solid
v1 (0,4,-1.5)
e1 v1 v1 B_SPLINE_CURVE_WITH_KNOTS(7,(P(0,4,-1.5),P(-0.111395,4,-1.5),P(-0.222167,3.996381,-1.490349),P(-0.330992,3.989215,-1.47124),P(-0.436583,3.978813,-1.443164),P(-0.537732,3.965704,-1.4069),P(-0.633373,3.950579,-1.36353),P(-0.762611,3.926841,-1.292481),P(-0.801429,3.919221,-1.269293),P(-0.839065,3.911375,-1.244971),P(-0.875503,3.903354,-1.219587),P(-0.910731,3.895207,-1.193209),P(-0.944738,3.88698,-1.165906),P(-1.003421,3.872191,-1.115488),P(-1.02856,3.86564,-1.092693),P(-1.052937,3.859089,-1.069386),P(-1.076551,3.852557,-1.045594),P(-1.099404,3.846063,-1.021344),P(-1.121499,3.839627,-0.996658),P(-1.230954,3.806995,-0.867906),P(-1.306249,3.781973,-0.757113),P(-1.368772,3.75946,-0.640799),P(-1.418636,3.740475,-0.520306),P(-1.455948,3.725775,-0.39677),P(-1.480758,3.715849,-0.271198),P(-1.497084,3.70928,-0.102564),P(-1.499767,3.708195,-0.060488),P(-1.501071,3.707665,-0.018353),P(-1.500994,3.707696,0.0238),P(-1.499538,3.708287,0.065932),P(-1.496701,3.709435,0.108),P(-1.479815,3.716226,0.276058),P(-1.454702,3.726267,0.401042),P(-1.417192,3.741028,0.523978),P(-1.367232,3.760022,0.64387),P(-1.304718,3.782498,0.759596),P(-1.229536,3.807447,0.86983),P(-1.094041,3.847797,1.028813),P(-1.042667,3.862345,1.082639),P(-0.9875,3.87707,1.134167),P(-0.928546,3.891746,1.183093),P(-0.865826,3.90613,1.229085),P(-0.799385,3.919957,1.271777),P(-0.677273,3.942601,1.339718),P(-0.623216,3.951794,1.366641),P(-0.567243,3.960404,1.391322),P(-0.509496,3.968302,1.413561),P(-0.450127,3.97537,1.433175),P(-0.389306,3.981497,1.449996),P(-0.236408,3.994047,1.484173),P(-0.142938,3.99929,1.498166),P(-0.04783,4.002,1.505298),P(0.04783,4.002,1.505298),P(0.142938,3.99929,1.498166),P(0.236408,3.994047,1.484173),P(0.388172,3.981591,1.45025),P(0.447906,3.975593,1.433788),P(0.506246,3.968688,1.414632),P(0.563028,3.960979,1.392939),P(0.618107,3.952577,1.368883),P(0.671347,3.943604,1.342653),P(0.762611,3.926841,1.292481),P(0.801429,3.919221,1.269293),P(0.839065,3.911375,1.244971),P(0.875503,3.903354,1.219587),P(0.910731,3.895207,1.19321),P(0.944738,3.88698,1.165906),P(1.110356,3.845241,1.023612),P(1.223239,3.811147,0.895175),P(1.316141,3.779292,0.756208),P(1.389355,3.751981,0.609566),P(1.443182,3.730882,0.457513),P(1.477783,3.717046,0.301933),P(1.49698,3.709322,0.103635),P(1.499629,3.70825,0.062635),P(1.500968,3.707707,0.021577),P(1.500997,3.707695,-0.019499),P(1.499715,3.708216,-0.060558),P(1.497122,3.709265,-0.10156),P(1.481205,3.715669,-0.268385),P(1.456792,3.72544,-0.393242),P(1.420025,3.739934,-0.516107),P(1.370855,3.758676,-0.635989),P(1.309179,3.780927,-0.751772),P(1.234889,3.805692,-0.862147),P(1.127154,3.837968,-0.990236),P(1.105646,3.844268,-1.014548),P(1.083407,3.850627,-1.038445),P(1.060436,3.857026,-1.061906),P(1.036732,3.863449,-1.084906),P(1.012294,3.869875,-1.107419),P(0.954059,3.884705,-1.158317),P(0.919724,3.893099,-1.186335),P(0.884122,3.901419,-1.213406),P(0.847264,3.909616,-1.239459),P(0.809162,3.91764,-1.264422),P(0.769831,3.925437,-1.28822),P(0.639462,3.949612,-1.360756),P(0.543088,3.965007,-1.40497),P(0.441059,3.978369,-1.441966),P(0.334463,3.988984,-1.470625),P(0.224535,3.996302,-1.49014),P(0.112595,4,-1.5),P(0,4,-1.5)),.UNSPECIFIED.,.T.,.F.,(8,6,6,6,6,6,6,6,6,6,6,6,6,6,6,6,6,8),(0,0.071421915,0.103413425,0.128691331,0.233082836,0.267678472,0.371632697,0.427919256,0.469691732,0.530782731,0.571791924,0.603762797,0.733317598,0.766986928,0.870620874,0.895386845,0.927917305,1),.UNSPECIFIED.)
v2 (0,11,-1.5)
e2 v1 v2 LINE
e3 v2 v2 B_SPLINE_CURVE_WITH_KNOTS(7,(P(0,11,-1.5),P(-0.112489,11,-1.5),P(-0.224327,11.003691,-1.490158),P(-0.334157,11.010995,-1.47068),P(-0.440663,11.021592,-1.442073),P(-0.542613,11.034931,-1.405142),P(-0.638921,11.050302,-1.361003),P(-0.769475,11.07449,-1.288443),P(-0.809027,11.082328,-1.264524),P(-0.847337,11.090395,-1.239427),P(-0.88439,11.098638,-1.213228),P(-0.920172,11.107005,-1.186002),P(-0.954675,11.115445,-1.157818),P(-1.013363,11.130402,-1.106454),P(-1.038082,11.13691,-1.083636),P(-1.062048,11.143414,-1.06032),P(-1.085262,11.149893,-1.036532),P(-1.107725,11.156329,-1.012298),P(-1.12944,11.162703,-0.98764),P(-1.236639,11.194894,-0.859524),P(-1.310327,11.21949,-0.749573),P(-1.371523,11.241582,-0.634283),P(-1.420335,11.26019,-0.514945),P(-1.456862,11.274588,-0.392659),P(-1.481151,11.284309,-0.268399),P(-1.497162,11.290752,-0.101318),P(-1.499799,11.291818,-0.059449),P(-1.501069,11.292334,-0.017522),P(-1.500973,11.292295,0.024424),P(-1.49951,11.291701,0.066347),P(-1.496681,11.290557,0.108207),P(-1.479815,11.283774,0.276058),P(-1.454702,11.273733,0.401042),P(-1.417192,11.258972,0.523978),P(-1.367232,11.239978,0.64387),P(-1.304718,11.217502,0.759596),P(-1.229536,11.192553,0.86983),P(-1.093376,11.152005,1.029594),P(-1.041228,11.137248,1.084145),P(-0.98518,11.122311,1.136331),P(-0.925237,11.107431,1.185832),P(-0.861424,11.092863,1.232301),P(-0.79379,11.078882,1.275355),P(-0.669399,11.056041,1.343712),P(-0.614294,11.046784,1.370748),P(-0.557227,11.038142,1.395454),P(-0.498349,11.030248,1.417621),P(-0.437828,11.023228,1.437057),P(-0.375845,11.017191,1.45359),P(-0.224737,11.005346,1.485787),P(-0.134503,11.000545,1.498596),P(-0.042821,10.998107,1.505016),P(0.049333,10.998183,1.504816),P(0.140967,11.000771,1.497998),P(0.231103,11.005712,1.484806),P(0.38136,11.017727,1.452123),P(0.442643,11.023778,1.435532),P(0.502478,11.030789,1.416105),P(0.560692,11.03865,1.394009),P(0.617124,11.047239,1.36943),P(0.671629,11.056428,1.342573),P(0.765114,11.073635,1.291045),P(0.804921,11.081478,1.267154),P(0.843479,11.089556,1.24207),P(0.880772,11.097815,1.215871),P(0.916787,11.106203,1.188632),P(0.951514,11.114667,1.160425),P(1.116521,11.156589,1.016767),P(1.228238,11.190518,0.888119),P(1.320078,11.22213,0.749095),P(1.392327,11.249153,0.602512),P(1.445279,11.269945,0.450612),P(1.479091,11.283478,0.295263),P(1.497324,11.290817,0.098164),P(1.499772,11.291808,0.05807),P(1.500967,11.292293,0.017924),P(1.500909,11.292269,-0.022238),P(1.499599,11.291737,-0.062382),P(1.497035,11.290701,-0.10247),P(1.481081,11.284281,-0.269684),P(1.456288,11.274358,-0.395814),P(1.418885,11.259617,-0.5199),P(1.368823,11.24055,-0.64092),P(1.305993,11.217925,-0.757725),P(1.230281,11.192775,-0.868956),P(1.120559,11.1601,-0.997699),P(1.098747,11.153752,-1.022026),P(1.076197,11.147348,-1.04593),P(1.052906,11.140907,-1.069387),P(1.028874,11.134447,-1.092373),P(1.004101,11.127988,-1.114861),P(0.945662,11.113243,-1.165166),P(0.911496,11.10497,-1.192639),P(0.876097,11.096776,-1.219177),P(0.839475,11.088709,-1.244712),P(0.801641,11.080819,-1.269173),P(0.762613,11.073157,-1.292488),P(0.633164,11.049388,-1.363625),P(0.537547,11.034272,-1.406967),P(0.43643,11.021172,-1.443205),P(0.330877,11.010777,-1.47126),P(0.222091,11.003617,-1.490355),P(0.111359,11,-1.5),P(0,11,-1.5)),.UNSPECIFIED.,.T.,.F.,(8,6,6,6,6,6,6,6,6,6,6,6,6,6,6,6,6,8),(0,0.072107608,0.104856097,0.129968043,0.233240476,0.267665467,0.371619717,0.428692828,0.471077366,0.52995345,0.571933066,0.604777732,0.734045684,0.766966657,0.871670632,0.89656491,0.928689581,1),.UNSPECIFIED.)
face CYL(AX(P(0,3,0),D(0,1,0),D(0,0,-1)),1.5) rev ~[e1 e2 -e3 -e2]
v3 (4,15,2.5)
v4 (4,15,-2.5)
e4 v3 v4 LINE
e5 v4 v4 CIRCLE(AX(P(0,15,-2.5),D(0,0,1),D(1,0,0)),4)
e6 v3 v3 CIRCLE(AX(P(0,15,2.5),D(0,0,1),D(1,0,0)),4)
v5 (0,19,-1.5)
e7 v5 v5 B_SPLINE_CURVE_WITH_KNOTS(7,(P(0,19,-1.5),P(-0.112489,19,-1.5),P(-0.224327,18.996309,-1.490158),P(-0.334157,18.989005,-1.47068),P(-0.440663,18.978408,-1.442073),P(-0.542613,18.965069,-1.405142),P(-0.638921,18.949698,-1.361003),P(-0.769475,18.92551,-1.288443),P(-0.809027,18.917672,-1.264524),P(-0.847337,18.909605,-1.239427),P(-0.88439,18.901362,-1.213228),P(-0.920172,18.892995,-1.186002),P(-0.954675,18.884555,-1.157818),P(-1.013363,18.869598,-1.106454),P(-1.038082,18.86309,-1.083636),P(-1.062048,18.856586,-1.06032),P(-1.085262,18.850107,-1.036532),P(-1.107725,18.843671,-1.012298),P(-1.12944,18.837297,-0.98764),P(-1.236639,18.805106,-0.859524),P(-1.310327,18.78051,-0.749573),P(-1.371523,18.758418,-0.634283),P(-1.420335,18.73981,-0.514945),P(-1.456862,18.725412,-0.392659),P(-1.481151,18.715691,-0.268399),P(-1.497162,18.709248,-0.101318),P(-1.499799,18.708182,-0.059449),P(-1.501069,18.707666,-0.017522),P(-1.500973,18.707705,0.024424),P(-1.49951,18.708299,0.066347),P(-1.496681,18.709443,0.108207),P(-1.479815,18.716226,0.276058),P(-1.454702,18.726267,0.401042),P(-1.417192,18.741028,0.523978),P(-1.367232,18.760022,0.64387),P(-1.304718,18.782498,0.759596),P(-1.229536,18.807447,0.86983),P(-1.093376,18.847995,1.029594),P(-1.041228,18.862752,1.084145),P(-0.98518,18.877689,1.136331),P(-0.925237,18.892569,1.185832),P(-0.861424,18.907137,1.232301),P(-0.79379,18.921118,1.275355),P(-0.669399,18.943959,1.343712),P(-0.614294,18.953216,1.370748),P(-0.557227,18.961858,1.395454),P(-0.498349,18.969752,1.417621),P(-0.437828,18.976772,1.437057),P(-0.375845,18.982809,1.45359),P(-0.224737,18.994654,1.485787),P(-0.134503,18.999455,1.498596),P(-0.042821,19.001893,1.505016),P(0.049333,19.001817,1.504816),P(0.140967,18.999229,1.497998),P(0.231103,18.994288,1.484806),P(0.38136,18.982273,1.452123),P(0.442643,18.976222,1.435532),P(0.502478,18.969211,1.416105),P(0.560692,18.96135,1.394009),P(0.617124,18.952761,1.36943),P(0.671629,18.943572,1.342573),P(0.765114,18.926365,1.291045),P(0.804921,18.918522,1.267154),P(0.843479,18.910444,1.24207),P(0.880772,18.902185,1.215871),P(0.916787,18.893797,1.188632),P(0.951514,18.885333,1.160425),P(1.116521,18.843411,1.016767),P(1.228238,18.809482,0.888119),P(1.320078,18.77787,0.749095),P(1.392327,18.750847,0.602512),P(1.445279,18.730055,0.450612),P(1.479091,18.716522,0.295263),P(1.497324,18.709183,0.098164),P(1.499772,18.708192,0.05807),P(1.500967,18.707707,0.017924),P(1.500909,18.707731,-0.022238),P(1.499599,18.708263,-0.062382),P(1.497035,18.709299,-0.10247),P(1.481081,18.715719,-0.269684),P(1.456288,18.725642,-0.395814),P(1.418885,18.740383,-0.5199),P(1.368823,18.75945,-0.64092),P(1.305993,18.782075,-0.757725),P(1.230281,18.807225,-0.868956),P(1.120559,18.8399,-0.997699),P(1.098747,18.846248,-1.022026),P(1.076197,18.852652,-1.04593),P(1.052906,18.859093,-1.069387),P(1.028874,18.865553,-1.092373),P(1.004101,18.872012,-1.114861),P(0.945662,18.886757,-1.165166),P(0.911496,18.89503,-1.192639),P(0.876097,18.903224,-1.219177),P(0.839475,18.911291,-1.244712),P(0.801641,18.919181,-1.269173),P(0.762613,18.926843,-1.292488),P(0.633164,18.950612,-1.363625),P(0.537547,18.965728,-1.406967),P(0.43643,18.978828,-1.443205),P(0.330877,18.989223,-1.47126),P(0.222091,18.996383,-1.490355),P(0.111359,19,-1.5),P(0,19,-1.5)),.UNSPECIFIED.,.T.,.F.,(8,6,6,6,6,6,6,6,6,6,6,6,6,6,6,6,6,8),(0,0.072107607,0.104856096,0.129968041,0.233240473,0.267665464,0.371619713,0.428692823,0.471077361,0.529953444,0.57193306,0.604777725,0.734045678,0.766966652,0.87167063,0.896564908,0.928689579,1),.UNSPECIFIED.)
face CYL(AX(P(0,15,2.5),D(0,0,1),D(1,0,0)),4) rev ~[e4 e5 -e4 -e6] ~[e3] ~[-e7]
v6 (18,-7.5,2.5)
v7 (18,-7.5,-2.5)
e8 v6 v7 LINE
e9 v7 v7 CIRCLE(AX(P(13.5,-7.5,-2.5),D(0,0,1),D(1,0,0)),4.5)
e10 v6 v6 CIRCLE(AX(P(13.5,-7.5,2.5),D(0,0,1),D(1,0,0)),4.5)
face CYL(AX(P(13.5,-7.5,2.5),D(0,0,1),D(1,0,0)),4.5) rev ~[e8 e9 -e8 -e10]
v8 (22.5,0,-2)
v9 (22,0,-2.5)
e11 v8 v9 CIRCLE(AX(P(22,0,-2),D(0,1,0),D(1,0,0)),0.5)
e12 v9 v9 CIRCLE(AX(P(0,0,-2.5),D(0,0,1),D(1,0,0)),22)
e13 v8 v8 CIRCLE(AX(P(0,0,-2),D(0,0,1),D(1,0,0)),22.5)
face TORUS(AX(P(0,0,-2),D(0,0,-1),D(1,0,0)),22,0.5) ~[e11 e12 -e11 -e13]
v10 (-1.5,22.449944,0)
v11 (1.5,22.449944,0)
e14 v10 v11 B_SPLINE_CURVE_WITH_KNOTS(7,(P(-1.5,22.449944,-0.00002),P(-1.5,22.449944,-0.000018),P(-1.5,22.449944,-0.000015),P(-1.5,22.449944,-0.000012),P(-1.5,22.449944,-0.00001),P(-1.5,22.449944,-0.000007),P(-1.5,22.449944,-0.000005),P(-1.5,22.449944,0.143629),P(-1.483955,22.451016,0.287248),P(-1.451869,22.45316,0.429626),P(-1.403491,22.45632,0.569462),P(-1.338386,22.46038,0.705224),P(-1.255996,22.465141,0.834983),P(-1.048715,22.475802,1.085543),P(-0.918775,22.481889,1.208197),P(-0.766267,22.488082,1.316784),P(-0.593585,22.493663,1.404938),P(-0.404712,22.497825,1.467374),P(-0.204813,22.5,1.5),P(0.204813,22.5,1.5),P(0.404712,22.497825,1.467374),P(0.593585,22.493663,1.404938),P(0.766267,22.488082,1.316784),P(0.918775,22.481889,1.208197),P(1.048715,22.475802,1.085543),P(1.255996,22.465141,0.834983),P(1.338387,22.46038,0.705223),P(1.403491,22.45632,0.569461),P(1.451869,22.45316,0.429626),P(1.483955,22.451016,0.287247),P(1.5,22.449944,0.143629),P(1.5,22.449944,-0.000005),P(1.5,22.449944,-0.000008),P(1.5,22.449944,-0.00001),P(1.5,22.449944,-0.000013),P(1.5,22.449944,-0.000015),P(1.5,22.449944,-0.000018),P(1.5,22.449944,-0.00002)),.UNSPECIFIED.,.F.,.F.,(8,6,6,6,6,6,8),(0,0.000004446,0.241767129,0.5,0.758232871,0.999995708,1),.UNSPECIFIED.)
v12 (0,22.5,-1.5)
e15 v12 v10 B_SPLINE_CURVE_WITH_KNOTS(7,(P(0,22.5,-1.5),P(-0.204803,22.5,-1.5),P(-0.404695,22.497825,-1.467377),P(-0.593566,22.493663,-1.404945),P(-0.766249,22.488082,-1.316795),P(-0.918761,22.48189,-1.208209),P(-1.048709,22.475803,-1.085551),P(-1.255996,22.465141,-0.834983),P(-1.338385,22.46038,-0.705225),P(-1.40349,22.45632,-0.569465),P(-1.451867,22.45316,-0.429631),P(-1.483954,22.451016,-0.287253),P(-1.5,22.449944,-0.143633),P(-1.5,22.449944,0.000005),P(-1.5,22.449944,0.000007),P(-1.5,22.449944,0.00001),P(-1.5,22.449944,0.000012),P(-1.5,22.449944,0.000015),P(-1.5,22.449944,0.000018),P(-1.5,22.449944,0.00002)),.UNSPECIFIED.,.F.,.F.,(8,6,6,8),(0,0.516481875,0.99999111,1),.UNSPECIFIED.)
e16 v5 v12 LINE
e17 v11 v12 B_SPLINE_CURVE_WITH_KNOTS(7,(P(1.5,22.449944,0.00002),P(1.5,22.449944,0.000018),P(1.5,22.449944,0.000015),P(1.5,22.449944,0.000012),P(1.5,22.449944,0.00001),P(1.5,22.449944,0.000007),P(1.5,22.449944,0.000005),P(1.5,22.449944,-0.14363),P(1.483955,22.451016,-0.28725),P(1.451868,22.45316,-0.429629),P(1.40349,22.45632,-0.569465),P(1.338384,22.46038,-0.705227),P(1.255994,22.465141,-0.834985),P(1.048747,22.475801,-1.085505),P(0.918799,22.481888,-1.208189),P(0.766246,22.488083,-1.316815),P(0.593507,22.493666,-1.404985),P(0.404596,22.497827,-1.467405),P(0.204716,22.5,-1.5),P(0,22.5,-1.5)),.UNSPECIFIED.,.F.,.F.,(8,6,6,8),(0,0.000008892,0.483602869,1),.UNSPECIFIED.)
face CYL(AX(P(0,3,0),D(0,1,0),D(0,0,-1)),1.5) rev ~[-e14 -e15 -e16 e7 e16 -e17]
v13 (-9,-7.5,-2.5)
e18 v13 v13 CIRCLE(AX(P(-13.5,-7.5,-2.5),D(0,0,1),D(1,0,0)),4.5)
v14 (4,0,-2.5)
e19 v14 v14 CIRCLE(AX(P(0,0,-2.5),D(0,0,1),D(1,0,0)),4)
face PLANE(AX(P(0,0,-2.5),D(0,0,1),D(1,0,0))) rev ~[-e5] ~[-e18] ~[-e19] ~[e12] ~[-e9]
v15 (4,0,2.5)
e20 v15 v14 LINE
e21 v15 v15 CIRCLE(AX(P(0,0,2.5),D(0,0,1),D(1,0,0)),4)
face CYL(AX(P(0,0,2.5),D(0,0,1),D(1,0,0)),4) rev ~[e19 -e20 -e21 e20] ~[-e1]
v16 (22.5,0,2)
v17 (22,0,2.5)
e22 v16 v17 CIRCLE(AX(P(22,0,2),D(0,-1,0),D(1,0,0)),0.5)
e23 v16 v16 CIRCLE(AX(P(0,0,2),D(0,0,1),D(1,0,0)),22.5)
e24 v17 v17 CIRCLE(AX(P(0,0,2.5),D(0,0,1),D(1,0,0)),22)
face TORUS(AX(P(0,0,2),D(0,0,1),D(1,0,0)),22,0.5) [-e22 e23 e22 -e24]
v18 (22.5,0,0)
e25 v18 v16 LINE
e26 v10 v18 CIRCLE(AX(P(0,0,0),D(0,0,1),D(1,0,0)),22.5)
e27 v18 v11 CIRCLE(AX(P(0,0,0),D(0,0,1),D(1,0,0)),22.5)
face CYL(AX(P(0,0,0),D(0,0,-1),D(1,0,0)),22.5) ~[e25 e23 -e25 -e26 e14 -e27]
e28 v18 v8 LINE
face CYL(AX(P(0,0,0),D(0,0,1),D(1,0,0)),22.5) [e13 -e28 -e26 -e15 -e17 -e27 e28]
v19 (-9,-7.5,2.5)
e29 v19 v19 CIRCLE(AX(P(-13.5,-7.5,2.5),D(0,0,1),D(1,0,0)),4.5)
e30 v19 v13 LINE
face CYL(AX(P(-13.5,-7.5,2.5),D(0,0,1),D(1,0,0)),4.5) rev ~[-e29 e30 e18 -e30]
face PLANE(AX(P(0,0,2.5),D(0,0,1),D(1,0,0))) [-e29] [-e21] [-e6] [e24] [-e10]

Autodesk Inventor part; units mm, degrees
ref_plane "YZ Plane" through (0, 0, 0) normal (1, 0, 0) x (0, 1, 0)
ref_plane "XY Plane" through (0, 0, 0) normal (0, 0, 1) x (1, 0, 0)
sketch "Sketch1" plane through (0, 0, 0) normal (0, 0, 1) x (1, 0, 0)
  circle A0 centre (0, 0) radius 22.5
  dimension "d0" = 45
extrude "Extrusion1" add sketch "Sketch1" along normal mid plane 5
sketch "Sketch2" plane through (0, 0, 2.5) normal (0, 0, 1) x (1, 0, 0)
  circle A0 centre (0, 0) radius 4
  circle A1 centre (0, 15) radius 4
  circle A2 centre (-13.5, -7.5) radius 4.5
  circle A3 centre (13.5, -7.5) radius 4.5
  dimension "d3" = 8
  dimension "d4" = 15
  dimension "d5" = 8
  dimension "d6" = 7.5
  dimension "d7" = 13.5
  dimension "d8" = 13.5
  dimension "d9" = 9
  dimension "d10" = 9
extrude "Extrusion2" cut sketch "Sketch2" against normal up to surface (5 mm away)
fillet "Fillet1" radius 0.5 2 edges at (-22.5, 0, 2.5) (-22.5, 0, -2.5)
ref_plane "Work Plane1" through (0, 3, 0) normal (0, 1, 0) x (-1, 0, 0)
sketch "Sketch3" plane through (0, 3, 0) normal (0, 1, 0) x (-1, 0, 0)
  line L0 (-4, 2.5) -> (4, 2.5) projected
  line L1 (4, -2.5) -> (-4, -2.5) projected
  line L2 (22.5, 2) -> (-22.5, 2) projected
  line L3 (-22.5, -2) -> (22.5, -2) projected
  line L4 (-22.5, -2) -> (-22.5, 2) projected
  line L5 (22.5, -2) -> (22.5, 2) projected
  point P0 (0, 0)
  point P1 (0, 0)
  point P2 (-22.5, 0)
  point P3 (0, -2)
hole "Hole1" at (0, 3, 0) direction (0, 1, 0) diameter 3 end through all
equation "\"d8\" = d7"
equation "\"d10\" = d9"
equation "\"d11\" = d10"
properties part number "201 part 3" material "Aluminum 6061-AHC"
